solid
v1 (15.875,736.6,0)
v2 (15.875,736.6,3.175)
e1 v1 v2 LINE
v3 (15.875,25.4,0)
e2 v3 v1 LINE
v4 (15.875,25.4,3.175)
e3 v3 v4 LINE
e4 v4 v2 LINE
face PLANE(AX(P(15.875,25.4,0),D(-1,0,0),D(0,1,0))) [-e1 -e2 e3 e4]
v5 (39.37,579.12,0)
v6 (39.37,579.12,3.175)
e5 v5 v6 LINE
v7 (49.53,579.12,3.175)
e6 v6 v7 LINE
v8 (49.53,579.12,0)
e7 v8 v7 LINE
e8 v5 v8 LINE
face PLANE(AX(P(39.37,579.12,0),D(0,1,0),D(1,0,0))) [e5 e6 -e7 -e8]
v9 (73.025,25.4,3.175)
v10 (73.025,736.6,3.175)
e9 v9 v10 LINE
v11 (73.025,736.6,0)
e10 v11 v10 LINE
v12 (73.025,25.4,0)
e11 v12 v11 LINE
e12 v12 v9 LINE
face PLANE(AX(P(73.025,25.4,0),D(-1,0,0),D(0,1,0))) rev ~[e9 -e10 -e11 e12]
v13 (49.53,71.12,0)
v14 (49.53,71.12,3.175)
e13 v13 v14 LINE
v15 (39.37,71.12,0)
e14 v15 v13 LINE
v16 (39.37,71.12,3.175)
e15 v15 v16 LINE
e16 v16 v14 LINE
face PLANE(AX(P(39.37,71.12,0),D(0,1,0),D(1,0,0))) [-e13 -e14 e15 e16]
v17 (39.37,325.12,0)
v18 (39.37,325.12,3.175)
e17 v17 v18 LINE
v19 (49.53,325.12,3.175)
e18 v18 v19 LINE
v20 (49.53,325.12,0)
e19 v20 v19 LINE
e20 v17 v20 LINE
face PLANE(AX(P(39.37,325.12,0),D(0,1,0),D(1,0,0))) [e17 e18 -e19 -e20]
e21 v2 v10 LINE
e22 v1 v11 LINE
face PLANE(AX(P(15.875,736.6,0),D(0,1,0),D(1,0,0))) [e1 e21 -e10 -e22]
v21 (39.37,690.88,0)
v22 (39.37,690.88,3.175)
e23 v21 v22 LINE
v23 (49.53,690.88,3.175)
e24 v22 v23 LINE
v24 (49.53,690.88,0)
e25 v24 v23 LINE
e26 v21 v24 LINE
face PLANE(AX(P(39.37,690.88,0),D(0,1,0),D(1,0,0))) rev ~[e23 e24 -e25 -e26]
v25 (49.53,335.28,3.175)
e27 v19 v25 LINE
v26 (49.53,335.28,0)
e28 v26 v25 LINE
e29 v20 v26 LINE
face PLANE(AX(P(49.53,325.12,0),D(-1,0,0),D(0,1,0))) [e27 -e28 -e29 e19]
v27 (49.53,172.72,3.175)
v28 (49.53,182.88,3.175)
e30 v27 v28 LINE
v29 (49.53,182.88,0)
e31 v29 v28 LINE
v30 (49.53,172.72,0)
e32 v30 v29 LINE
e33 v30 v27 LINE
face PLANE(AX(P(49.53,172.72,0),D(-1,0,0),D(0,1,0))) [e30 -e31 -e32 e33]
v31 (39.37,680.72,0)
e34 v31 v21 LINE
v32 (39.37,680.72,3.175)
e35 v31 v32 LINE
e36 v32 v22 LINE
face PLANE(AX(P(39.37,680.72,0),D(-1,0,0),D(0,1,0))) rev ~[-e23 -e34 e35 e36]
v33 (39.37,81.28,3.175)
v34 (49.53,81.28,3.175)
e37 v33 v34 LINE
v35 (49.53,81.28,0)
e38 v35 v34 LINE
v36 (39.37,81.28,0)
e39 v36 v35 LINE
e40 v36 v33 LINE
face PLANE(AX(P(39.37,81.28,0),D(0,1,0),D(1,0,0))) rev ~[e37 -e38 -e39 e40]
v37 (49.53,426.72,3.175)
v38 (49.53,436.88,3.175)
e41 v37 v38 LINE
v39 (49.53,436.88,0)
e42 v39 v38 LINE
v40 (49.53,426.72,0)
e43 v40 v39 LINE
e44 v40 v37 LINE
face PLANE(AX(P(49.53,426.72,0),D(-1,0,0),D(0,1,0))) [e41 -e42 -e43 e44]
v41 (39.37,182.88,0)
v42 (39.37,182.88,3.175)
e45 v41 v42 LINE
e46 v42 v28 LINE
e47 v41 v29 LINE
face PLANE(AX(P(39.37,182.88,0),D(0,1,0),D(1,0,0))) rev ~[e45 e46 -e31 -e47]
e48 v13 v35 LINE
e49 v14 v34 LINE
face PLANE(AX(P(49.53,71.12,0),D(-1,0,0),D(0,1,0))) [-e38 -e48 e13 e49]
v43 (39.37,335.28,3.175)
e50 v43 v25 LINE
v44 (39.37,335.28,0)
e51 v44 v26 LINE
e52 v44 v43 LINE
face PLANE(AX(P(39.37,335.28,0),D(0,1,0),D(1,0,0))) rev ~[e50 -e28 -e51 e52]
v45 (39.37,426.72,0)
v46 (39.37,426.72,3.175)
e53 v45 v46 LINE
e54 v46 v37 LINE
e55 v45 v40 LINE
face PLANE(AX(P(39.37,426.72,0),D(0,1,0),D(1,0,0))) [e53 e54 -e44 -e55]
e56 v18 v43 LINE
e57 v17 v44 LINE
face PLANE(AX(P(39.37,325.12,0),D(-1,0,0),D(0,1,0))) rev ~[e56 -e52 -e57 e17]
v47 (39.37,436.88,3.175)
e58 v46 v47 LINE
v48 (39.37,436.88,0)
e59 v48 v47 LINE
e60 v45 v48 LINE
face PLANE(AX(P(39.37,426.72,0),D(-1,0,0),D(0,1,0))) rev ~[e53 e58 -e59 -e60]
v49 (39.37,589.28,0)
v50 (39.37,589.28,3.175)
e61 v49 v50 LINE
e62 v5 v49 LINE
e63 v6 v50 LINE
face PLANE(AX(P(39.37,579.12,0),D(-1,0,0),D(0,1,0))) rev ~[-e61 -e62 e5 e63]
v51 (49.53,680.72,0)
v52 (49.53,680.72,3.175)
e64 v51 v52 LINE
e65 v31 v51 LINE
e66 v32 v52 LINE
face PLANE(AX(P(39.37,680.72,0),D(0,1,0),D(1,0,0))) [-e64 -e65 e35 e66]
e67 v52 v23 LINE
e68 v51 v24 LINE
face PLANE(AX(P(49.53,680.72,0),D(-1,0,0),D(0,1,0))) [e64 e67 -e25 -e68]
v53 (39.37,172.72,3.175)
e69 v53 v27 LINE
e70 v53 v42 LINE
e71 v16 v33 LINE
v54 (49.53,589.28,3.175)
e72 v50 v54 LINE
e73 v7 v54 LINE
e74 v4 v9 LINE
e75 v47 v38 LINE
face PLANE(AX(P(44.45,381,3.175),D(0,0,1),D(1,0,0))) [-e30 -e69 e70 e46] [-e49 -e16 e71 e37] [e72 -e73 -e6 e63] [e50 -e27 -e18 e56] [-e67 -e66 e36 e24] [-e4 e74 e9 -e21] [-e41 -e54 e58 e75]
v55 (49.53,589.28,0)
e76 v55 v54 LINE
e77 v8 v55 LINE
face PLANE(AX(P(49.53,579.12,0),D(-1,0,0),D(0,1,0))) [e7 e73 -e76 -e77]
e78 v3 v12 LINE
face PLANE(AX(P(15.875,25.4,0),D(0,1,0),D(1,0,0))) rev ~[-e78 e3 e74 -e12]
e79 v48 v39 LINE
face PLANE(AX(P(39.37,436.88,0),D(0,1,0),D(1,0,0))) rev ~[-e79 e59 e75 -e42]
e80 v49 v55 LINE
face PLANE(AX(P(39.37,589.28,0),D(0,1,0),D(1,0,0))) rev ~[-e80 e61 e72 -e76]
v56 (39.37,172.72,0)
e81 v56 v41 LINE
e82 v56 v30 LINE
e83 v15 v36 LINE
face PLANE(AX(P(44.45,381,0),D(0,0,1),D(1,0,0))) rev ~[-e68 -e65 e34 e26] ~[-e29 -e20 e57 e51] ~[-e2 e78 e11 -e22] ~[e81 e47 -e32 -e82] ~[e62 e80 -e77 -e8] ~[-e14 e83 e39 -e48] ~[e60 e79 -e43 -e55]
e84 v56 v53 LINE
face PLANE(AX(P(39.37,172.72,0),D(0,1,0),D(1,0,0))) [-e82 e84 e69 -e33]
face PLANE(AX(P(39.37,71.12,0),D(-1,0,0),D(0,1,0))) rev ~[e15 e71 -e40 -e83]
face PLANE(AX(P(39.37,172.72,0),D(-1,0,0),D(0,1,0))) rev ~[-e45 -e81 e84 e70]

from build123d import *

# Parameters (mm, degrees)
F0_W     = 57.15
F0_H     = 711.2
F0_W_2   = 10.16
F0_H_2   = 10.16
F1_DEPTH = 3.175


with BuildPart() as f1:
    # F0 (on Top) → F1 (new body)
    with BuildSketch(Plane.XY):
        with Locations((44.45, 381)):
            Rectangle(F0_W, F0_H)
        with Locations((44.45, 76.2)):
            Rectangle(F0_W_2, F0_H_2, mode=Mode.SUBTRACT)
        with Locations((44.45, 177.8)):
            Rectangle(F0_W_2, F0_H_2, mode=Mode.SUBTRACT)
        with Locations((44.45, 330.2)):
            Rectangle(F0_W_2, F0_H_2, mode=Mode.SUBTRACT)
        with Locations((44.45, 431.8)):
            Rectangle(F0_W_2, F0_H_2, mode=Mode.SUBTRACT)
        with Locations((44.45, 584.2)):
            Rectangle(F0_W_2, F0_H_2, mode=Mode.SUBTRACT)
        with Locations((44.45, 685.8)):
            Rectangle(F0_W_2, F0_H_2, mode=Mode.SUBTRACT)
    extrude(amount=F1_DEPTH)


solid = f1.part
